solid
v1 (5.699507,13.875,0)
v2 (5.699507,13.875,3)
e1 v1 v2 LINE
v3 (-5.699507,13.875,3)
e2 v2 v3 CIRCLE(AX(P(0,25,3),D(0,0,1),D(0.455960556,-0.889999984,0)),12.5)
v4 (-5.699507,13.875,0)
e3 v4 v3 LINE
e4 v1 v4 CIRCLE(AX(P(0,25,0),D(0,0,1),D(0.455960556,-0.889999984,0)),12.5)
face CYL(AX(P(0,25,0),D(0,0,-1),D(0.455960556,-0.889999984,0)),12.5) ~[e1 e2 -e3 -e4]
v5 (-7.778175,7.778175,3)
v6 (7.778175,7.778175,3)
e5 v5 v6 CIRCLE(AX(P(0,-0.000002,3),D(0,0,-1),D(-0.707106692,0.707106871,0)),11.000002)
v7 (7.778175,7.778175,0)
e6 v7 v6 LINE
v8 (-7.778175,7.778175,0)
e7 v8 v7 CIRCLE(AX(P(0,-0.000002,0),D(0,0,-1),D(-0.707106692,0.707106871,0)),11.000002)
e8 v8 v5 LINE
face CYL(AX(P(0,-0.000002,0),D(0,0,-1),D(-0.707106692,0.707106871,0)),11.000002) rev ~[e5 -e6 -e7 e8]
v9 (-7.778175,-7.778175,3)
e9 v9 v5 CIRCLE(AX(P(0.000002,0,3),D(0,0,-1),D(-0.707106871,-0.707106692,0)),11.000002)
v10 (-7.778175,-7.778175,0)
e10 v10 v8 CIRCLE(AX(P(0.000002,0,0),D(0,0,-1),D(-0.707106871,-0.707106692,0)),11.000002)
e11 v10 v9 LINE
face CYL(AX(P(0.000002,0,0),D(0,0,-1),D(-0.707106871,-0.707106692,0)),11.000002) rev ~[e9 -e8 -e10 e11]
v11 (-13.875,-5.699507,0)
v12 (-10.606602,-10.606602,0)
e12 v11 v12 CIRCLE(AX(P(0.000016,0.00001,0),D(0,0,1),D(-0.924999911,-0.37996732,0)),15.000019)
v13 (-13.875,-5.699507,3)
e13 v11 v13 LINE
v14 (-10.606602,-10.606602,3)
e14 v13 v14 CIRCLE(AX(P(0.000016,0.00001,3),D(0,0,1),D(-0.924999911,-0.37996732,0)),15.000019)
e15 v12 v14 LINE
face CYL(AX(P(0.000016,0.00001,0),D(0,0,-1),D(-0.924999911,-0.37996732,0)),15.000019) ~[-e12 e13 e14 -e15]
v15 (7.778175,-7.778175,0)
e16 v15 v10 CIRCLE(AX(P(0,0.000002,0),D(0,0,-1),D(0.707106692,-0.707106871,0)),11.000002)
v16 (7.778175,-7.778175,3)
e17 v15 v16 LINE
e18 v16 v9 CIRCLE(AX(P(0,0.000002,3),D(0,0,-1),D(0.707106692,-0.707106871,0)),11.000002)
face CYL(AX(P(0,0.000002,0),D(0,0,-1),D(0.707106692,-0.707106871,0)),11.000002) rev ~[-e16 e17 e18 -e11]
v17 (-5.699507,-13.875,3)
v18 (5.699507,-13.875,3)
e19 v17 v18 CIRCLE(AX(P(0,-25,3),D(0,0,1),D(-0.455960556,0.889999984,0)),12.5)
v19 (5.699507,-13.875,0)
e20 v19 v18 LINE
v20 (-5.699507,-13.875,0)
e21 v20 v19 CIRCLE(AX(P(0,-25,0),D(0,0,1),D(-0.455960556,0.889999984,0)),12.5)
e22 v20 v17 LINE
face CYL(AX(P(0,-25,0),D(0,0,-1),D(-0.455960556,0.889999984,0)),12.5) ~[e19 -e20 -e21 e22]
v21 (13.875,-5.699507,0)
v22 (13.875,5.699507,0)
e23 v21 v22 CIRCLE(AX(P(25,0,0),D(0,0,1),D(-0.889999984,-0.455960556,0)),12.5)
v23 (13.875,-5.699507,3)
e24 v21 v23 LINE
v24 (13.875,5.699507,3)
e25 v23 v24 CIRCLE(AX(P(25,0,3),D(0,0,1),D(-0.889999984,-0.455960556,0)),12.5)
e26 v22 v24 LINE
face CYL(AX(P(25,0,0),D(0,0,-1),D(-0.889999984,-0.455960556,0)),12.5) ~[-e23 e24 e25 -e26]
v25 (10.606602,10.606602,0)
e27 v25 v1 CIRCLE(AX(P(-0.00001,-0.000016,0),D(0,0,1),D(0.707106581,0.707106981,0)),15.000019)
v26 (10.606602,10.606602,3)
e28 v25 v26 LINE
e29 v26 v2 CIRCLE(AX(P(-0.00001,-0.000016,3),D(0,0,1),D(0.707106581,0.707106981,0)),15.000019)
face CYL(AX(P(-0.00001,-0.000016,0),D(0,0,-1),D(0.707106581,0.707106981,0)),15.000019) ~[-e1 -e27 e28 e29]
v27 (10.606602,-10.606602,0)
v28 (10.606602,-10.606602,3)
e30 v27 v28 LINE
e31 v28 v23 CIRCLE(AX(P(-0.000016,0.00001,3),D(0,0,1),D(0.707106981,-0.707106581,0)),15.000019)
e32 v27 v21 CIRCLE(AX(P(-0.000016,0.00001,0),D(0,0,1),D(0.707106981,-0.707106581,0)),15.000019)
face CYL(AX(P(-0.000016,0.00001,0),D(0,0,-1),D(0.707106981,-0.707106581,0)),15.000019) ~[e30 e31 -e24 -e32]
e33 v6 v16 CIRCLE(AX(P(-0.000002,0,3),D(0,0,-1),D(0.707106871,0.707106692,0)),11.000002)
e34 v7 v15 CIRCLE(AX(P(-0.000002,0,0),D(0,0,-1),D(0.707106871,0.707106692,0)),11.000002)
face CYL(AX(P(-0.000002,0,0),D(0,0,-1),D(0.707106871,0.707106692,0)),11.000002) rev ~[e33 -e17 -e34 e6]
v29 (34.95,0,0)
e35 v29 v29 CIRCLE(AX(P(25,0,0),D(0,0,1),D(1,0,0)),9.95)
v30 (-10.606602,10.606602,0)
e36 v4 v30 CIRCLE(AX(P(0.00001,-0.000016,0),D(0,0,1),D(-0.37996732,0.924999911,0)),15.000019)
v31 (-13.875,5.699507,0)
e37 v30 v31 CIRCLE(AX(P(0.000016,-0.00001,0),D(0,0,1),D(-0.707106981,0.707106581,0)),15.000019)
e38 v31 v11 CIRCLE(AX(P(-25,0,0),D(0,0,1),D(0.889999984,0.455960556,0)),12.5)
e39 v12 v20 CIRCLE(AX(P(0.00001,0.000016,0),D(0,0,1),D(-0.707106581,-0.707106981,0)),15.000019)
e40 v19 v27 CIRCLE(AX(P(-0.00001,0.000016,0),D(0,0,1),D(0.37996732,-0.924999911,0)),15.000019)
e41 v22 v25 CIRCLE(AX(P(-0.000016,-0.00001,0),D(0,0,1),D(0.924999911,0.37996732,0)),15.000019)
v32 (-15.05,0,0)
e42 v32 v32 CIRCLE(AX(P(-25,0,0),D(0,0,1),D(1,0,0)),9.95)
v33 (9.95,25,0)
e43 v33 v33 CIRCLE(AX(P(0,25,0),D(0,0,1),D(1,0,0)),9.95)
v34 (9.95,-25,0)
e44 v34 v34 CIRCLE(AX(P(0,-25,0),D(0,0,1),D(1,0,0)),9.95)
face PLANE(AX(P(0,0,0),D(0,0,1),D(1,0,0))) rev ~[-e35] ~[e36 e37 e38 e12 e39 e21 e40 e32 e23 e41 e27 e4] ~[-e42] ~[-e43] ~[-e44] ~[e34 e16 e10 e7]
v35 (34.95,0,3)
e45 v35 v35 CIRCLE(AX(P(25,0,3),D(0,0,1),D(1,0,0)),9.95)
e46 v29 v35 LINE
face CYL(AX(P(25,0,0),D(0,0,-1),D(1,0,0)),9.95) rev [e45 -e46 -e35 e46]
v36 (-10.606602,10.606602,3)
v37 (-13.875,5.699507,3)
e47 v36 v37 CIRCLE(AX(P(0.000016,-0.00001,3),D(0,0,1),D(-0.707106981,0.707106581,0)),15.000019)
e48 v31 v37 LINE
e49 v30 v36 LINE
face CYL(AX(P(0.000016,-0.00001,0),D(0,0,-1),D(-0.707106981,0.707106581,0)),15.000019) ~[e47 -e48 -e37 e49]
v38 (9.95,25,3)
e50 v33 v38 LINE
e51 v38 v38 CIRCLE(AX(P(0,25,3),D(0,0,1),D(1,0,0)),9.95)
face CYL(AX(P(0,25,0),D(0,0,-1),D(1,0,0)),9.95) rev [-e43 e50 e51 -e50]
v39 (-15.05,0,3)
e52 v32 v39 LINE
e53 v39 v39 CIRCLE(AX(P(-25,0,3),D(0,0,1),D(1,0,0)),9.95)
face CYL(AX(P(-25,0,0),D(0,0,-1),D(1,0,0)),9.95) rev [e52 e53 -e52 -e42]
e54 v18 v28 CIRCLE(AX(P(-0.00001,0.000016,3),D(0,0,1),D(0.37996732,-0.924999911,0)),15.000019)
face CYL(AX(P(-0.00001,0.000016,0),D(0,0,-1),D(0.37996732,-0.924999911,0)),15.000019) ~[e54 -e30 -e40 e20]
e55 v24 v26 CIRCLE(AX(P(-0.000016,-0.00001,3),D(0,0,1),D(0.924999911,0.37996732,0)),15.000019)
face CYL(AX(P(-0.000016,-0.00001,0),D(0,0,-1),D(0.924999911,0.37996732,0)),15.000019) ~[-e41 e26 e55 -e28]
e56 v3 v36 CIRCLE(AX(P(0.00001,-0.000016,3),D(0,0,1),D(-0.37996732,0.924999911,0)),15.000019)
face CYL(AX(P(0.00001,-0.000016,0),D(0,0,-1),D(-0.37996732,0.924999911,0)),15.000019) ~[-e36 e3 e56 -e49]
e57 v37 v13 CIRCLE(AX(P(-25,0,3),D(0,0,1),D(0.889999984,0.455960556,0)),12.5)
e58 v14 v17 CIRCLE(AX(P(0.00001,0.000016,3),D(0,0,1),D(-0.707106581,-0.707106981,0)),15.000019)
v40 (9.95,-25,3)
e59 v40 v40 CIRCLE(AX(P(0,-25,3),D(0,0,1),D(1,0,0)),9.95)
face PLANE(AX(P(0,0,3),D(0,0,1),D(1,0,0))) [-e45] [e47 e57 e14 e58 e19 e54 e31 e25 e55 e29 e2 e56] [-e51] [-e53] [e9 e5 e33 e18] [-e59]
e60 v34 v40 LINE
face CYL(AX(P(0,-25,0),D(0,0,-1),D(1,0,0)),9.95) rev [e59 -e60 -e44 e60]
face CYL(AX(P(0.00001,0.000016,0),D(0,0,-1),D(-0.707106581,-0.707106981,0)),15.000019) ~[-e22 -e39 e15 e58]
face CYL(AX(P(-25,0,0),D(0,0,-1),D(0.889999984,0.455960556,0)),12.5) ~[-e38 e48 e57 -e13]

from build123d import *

# Parameters (mm, degrees)
F0_R     = 9.95
F1_DEPTH = 3


with BuildPart() as f1:
    # F0 (on Top) → F1 (new body)
    with BuildSketch(Plane.XY):
        with BuildLine():
            ThreePointArc((5.699507, 13.875), (0, 37.5), (-5.699507, 13.875))
            ThreePointArc((-5.699507, 13.875), (-8.315221, 12.484274), (-10.606602, 10.606602))
            ThreePointArc((-10.606602, 10.606602), (-12.484274, 8.315221), (-13.875, 5.699507))
            ThreePointArc((-13.875, 5.699507), (-37.5, 0), (-13.875, -5.699507))
            ThreePointArc((-13.875, -5.699507), (-12.484274, -8.315221), (-10.606602, -10.606602))
            ThreePointArc((-10.606602, -10.606602), (-8.315221, -12.484274), (-5.699507, -13.875))
            ThreePointArc((-5.699507, -13.875), (0, -37.5), (5.699507, -13.875))
            ThreePointArc((5.699507, -13.875), (8.315221, -12.484274), (10.606602, -10.606602))
            ThreePointArc((10.606602, -10.606602), (12.484274, -8.315221), (13.875, -5.699507))
            ThreePointArc((13.875, -5.699507), (37.5, 0), (13.875, 5.699507))
            ThreePointArc((13.875, 5.699507), (12.484274, 8.315221), (10.606602, 10.606602))
            ThreePointArc((10.606602, 10.606602), (8.315221, 12.484274), (5.699507, 13.875))
        make_face()
        with Locations((0, -25)):
            Circle(F0_R, mode=Mode.SUBTRACT)
        with Locations((-25, 0)):
            Circle(F0_R, mode=Mode.SUBTRACT)
        with BuildLine():
            ThreePointArc((-7.778175, 7.778175), (0, 11), (7.778175, 7.778175))
            ThreePointArc((7.778175, 7.778175), (11, 0), (7.778175, -7.778175))
            ThreePointArc((7.778175, -7.778175), (0, -11), (-7.778175, -7.778175))
            ThreePointArc((-7.778175, -7.778175), (-11, 0), (-7.778175, 7.778175))
        make_face(mode=Mode.SUBTRACT)
        with Locations((25, 0)):
            Circle(F0_R, mode=Mode.SUBTRACT)
        with Locations((0, 25)):
            Circle(F0_R, mode=Mode.SUBTRACT)
    extrude(amount=F1_DEPTH)


solid = f1.part
